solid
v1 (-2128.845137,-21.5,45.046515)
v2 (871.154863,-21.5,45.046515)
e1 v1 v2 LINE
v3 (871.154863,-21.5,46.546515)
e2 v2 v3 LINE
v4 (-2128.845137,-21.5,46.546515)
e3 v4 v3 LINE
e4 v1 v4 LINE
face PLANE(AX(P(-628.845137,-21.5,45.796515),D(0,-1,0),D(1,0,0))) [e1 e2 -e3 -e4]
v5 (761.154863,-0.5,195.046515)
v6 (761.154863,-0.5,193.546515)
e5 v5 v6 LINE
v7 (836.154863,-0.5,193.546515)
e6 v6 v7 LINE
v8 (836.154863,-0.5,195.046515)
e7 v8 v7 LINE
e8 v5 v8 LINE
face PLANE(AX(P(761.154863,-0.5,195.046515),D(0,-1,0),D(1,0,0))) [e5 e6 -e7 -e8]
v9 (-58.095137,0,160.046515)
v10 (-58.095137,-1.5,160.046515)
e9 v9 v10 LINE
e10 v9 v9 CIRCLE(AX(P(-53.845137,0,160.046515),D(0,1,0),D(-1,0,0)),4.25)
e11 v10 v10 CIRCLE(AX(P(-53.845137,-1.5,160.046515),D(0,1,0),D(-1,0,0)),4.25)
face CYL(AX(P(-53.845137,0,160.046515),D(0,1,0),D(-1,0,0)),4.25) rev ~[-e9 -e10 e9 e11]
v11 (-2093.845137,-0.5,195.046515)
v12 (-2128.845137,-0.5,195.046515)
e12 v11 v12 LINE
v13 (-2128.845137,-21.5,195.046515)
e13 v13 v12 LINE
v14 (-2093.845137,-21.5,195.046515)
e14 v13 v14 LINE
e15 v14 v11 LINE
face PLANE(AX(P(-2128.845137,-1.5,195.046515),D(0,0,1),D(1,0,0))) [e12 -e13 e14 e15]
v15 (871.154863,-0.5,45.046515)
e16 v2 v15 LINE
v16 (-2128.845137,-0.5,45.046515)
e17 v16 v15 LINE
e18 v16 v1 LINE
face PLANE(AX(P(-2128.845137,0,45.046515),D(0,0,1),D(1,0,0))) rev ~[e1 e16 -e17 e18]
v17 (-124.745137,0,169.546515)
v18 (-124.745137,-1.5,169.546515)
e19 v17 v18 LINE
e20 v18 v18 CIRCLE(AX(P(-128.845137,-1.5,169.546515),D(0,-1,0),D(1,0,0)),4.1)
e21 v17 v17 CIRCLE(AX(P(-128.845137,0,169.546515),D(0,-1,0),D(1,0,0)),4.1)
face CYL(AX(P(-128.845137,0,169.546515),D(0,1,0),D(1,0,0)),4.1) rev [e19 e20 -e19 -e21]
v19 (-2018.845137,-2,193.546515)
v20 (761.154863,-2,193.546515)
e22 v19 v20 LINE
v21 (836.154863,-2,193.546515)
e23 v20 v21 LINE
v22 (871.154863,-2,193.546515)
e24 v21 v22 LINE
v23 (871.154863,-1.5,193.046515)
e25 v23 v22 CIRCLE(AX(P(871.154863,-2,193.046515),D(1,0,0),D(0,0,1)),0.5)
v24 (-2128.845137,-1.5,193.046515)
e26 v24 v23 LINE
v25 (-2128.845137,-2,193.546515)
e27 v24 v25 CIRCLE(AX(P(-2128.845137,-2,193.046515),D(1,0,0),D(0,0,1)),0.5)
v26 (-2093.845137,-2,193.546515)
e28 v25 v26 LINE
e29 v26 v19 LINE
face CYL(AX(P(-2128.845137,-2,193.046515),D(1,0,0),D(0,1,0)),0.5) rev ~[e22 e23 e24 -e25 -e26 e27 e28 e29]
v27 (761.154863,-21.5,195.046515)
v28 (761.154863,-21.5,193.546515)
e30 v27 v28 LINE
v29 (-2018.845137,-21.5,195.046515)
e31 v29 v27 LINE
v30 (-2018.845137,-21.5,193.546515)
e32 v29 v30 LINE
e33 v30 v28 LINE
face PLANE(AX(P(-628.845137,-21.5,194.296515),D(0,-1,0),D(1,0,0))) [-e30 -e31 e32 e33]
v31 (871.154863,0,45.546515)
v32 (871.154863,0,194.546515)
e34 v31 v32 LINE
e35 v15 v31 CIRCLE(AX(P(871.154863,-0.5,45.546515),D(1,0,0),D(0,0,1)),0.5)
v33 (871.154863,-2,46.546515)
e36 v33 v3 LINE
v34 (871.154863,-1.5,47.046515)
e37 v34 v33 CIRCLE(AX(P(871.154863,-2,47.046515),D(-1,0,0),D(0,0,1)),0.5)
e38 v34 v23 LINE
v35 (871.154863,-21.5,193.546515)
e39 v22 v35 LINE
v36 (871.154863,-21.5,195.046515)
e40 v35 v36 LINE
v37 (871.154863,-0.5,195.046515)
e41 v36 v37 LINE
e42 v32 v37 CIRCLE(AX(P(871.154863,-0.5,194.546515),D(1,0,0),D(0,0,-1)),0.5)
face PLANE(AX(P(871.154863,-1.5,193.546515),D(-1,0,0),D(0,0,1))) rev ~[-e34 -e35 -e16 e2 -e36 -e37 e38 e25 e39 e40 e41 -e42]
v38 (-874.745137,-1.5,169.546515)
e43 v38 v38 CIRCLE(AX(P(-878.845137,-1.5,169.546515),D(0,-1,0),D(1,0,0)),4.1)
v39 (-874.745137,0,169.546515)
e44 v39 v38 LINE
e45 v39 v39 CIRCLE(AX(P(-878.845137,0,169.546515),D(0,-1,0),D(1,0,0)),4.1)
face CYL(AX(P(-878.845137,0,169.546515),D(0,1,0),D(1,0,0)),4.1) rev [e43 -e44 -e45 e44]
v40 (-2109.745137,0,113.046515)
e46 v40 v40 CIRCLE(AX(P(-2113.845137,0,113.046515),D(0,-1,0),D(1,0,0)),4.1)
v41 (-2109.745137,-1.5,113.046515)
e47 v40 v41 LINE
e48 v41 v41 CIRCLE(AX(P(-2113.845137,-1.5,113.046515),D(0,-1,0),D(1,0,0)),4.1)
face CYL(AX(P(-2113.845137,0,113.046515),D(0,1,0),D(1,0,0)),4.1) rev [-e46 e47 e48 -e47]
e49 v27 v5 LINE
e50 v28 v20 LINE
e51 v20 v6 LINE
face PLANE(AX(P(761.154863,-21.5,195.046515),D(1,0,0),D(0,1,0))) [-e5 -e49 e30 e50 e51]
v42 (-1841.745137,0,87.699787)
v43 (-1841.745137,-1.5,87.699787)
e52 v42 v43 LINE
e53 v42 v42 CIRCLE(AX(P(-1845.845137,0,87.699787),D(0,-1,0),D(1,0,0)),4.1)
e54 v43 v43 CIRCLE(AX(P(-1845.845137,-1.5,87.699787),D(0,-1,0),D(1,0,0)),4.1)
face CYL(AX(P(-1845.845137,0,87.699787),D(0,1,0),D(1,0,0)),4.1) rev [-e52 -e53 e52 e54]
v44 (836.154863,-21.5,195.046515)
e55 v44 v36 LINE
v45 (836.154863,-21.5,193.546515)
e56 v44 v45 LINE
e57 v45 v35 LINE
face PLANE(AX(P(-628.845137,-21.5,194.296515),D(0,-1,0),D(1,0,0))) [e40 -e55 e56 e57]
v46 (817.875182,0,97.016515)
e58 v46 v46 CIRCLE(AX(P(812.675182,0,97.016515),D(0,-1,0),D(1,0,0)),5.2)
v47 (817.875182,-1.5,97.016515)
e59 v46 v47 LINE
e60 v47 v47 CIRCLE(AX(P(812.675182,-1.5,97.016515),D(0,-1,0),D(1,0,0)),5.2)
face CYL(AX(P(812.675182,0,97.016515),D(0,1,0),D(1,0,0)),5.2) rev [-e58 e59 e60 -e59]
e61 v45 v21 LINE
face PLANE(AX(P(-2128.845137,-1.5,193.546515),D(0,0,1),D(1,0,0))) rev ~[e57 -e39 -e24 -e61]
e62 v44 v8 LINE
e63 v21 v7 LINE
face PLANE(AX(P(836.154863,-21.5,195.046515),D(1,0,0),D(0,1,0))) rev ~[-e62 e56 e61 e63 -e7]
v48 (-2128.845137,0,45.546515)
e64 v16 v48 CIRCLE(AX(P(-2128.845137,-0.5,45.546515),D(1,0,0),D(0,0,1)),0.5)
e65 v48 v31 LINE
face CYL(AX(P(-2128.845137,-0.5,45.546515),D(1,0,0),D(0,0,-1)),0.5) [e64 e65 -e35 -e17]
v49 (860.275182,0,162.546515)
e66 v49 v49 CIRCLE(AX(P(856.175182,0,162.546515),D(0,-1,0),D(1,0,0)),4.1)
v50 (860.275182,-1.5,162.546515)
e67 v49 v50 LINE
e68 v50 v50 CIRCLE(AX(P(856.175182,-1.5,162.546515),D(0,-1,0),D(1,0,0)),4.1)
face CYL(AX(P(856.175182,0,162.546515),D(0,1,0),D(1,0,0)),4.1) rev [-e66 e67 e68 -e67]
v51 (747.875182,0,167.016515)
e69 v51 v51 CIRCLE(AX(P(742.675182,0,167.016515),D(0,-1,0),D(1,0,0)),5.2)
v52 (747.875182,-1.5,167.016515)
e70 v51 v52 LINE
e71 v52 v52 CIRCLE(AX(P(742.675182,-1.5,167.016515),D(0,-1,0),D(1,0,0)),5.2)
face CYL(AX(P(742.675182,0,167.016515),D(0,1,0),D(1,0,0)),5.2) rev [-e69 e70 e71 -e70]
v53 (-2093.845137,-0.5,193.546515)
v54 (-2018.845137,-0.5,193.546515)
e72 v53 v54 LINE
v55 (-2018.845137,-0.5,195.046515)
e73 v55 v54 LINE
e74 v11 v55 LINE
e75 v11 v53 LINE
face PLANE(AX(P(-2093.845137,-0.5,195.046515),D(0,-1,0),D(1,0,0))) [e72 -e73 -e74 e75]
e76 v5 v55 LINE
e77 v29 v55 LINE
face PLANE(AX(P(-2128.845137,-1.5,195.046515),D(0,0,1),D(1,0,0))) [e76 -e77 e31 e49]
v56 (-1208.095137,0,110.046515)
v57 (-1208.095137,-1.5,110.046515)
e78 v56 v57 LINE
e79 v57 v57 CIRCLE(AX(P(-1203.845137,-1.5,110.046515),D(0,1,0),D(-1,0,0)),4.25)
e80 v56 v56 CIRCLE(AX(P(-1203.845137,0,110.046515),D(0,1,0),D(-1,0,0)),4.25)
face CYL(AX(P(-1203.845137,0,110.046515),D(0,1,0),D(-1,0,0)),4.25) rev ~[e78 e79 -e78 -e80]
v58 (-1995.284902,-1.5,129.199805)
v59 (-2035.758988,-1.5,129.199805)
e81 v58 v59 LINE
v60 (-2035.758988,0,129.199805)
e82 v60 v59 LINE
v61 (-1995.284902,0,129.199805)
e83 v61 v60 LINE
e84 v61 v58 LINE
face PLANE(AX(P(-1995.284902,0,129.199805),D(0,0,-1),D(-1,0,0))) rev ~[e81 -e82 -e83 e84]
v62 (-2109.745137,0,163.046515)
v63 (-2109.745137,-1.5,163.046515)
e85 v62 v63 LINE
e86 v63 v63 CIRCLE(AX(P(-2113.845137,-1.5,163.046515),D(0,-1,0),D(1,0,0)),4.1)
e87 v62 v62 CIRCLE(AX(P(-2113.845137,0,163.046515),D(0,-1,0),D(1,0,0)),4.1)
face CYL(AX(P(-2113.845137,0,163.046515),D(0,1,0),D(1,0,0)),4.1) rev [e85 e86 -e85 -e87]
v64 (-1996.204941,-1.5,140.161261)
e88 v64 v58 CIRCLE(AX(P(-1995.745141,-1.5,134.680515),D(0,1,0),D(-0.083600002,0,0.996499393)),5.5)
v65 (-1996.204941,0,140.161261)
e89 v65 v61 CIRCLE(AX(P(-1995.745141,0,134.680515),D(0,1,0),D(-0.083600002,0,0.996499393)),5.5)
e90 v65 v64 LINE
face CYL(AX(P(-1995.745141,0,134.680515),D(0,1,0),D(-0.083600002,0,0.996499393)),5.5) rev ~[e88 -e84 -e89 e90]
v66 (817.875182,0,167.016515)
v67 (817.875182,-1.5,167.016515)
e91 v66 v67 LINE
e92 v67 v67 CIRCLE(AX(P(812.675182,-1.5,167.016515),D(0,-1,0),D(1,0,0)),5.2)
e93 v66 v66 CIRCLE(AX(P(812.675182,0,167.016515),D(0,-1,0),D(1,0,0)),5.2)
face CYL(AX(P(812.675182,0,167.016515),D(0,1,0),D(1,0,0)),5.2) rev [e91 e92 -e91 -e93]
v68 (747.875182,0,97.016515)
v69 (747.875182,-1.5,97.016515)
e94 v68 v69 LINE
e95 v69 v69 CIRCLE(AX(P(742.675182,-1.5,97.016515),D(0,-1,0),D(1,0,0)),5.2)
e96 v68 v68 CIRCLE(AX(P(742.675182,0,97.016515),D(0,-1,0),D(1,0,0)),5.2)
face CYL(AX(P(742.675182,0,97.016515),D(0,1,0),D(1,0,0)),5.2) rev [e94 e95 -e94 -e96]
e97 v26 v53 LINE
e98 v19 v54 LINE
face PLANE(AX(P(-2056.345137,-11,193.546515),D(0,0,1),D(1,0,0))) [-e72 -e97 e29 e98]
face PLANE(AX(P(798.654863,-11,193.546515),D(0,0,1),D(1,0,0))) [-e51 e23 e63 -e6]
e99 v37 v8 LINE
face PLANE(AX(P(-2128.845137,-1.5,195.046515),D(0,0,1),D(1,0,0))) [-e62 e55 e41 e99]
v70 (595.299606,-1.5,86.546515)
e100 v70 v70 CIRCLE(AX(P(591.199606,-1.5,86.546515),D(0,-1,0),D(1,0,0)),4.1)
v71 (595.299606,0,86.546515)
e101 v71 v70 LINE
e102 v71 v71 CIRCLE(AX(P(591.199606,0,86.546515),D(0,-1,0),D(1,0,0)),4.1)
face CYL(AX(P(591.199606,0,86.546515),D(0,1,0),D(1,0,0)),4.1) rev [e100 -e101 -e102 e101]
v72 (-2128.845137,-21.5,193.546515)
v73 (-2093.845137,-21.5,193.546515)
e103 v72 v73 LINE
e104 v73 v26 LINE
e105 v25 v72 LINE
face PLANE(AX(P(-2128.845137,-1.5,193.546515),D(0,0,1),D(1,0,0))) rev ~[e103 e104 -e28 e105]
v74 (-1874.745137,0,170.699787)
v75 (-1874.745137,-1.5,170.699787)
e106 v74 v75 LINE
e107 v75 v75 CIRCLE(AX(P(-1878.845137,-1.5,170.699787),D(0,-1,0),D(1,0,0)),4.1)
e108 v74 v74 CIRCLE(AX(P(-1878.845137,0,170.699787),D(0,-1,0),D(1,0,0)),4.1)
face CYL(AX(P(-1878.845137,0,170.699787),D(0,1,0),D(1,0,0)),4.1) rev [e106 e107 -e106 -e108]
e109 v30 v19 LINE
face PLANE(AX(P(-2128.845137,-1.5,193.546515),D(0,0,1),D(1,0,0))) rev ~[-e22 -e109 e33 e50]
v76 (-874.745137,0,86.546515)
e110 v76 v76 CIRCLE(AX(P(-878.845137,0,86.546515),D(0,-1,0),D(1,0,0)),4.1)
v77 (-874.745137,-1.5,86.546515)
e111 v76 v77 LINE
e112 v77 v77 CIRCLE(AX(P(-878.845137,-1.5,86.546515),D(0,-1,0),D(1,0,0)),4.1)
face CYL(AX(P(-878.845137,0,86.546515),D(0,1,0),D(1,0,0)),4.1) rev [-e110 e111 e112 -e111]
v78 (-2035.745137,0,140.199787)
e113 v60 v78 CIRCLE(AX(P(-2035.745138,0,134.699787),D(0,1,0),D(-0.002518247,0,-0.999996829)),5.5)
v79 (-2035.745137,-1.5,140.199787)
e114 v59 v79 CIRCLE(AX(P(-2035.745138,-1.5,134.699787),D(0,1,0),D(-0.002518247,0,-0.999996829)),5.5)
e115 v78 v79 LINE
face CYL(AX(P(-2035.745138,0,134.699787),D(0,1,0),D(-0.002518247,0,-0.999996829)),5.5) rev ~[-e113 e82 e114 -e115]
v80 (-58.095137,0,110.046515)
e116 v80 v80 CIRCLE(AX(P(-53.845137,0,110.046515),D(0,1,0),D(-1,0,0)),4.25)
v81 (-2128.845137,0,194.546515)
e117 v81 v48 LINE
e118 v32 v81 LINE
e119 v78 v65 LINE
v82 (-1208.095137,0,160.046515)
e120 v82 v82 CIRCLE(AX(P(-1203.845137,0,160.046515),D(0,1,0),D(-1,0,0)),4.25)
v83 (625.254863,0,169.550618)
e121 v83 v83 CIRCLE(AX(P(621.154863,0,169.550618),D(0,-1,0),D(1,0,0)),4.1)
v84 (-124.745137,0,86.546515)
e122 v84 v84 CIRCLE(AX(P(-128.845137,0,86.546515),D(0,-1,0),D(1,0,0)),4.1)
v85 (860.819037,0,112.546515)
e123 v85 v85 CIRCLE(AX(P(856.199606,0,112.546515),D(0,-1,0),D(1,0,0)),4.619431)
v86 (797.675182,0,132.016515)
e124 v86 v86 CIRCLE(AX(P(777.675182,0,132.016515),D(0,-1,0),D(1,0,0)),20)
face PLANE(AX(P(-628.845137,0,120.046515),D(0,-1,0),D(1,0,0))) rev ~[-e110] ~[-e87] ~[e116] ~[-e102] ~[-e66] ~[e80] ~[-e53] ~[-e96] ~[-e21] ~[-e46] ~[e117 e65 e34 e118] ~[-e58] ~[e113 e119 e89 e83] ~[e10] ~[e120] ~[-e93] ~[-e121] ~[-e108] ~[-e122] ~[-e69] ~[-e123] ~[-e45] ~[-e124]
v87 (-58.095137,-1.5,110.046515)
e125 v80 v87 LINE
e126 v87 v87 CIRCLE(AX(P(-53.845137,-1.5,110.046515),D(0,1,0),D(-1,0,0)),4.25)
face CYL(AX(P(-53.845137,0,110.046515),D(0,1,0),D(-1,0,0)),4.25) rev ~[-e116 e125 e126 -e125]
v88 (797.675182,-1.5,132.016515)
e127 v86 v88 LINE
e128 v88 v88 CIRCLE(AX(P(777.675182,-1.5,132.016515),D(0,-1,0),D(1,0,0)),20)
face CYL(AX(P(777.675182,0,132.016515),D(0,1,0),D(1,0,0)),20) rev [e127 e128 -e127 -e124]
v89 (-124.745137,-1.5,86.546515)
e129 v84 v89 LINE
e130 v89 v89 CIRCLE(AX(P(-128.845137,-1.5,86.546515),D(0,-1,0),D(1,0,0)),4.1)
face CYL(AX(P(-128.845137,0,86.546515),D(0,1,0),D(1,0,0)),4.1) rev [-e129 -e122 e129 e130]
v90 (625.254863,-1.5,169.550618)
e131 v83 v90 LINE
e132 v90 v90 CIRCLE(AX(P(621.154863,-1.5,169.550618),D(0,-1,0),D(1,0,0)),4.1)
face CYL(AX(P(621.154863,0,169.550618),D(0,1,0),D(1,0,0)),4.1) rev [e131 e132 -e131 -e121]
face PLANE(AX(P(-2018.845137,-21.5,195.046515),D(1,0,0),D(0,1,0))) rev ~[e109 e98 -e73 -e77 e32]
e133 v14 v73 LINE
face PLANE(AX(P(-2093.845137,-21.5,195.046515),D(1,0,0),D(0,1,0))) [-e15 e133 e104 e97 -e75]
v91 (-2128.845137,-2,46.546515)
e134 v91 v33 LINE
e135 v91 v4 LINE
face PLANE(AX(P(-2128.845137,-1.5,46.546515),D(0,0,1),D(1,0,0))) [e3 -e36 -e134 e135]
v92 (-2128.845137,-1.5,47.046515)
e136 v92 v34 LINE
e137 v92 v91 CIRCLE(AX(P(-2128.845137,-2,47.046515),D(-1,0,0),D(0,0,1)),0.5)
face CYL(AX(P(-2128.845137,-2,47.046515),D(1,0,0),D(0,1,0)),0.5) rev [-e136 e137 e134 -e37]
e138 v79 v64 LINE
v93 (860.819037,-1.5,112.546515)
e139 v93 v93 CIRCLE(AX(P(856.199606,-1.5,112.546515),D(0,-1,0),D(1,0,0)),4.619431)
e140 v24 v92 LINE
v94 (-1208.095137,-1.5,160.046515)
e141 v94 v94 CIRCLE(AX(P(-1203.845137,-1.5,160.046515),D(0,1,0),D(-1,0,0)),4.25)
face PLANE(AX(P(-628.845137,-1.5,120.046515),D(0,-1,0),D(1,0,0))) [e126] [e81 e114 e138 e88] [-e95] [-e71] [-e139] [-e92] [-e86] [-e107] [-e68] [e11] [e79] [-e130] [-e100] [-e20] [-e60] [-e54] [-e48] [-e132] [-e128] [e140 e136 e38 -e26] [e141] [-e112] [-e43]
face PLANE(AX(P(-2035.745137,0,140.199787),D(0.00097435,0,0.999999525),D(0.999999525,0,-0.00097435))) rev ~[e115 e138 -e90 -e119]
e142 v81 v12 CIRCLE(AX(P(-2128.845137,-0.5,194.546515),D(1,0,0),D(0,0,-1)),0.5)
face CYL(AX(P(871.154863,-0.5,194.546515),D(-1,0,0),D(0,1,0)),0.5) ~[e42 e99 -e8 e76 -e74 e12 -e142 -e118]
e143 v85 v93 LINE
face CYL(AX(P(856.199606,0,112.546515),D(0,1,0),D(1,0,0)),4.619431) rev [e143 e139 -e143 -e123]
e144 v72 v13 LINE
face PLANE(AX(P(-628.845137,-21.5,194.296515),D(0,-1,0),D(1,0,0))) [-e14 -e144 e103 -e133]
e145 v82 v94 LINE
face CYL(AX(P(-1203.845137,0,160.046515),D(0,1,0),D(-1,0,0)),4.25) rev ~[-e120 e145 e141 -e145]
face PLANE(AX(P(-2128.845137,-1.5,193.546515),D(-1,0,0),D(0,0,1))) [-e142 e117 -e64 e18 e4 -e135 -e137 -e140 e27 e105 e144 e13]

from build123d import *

# Parameters (mm, degrees)
F0_R     = 4.1
F0_R_2   = 5.2
F0_R_3   = 4.619431
F0_R_4   = 20
F1_DEPTH = 1.5
F2_W     = 3000
F2_H     = 1.5
F3_DEPTH = 20
F4_R     = 0.5
F5_R     = 4.25
F6_DEPTH = 21.501
F7_W     = 75
F7_H     = 21
F8_DEPTH = 1.5


with BuildPart() as f1:
    # F0 (on Front) → F1 (new body)
    with BuildSketch(Plane.XZ):
        Polygon((871.154863, 195.046515), (-1128.845137, 195.046515), (-2128.845137, 195.046515), (-2128.845137, 169.890946), (-2128.845137, 45.046515), (-1128.845137, 45.046515), (871.154863, 45.046515), align=None)
        with Locations((-1845.845137, 87.699787)):
            Circle(F0_R, mode=Mode.SUBTRACT)
        with Locations((-2113.845137, 113.046515)):
            Circle(F0_R, mode=Mode.SUBTRACT)
        with Locations((-878.845137, 86.546515)):
            Circle(F0_R, mode=Mode.SUBTRACT)
        with Locations((-128.845137, 86.546515)):
            Circle(F0_R, mode=Mode.SUBTRACT)
        with Locations((591.199606, 86.546515)):
            Circle(F0_R, mode=Mode.SUBTRACT)
        with Locations((742.675182, 97.016515)):
            Circle(F0_R_2, mode=Mode.SUBTRACT)
        with Locations((812.675182, 97.016515)):
            Circle(F0_R_2, mode=Mode.SUBTRACT)
        with Locations((856.199606, 112.546515)):
            Circle(F0_R_3, mode=Mode.SUBTRACT)
        with BuildLine():
            ThreePointArc((-1996.204941, 140.161261), (-1990.264413, 135.140534), (-1995.284902, 129.199805))
            Line((-1995.284902, 129.199805), (-2035.758988, 129.199805))
            ThreePointArc((-2035.758988, 129.199805), (-2041.245133, 134.706713), (-2035.745137, 140.199787))
            Line((-2035.745137, 140.199787), (-1996.204941, 140.161261))
        make_face(mode=Mode.SUBTRACT)
        with Locations((-2113.845137, 163.046515)):
            Circle(F0_R, mode=Mode.SUBTRACT)
        with Locations((-1878.845137, 170.699787)):
            Circle(F0_R, mode=Mode.SUBTRACT)
        with Locations((-878.845137, 169.546515)):
            Circle(F0_R, mode=Mode.SUBTRACT)
        with Locations((777.675182, 132.016515)):
            Circle(F0_R_4, mode=Mode.SUBTRACT)
        with Locations((-128.845137, 169.546515)):
            Circle(F0_R, mode=Mode.SUBTRACT)
        with Locations((856.175182, 162.546515)):
            Circle(F0_R, mode=Mode.SUBTRACT)
        with Locations((621.154863, 169.550618)):
            Circle(F0_R, mode=Mode.SUBTRACT)
        with Locations((742.675182, 167.016515)):
            Circle(F0_R_2, mode=Mode.SUBTRACT)
        with Locations((812.675182, 167.016515)):
            Circle(F0_R_2, mode=Mode.SUBTRACT)
    extrude(amount=F1_DEPTH)

    # F2 (on face) → F3 (join)
    with BuildSketch(Plane.XZ.offset(1.5)):
        with Locations((-628.845137, 194.296515)):
            Rectangle(F2_W, F2_H)
        with Locations((-628.845137, 45.796515)):
            Rectangle(F2_W, F2_H)
    extrude(amount=F3_DEPTH)

    # F4
    f4_edges = [f1.edges().sort_by_distance(p)[0] for p in [
        (-628.845137, -1.5, 193.546515),
        (-628.845137, 0, 45.046515),
        (-628.845137, -1.5, 46.546515),
        (-628.845137, 0, 195.046515),
    ]]
    fillet(f4_edges, radius=F4_R)

    # F5 (on face) → F6 (cut, through all)
    with BuildSketch(Plane(origin=(0, 0, 0), x_dir=(-1, 0, 0), z_dir=(0, 1, 0))):
        with Locations((1203.845137, 160.046515)):
            Circle(F5_R)
        with Locations((1203.845137, 110.046515)):
            Circle(F5_R)
        with Locations((53.845137, 160.046515)):
            Circle(F5_R)
        with Locations((53.845137, 110.046515)):
            Circle(F5_R)
    extrude(amount=-F6_DEPTH, mode=Mode.SUBTRACT)

    # F7 (on face) → F8 (cut)
    with BuildSketch(Plane.XY.offset(195.046515)):
        with Locations((798.654863, -11)):
            Rectangle(F7_W, F7_H)
        with Locations((-2056.345137, -11)):
            Rectangle(F7_W, F7_H)
    extrude(amount=-F8_DEPTH, mode=Mode.SUBTRACT)


solid = f1.part
